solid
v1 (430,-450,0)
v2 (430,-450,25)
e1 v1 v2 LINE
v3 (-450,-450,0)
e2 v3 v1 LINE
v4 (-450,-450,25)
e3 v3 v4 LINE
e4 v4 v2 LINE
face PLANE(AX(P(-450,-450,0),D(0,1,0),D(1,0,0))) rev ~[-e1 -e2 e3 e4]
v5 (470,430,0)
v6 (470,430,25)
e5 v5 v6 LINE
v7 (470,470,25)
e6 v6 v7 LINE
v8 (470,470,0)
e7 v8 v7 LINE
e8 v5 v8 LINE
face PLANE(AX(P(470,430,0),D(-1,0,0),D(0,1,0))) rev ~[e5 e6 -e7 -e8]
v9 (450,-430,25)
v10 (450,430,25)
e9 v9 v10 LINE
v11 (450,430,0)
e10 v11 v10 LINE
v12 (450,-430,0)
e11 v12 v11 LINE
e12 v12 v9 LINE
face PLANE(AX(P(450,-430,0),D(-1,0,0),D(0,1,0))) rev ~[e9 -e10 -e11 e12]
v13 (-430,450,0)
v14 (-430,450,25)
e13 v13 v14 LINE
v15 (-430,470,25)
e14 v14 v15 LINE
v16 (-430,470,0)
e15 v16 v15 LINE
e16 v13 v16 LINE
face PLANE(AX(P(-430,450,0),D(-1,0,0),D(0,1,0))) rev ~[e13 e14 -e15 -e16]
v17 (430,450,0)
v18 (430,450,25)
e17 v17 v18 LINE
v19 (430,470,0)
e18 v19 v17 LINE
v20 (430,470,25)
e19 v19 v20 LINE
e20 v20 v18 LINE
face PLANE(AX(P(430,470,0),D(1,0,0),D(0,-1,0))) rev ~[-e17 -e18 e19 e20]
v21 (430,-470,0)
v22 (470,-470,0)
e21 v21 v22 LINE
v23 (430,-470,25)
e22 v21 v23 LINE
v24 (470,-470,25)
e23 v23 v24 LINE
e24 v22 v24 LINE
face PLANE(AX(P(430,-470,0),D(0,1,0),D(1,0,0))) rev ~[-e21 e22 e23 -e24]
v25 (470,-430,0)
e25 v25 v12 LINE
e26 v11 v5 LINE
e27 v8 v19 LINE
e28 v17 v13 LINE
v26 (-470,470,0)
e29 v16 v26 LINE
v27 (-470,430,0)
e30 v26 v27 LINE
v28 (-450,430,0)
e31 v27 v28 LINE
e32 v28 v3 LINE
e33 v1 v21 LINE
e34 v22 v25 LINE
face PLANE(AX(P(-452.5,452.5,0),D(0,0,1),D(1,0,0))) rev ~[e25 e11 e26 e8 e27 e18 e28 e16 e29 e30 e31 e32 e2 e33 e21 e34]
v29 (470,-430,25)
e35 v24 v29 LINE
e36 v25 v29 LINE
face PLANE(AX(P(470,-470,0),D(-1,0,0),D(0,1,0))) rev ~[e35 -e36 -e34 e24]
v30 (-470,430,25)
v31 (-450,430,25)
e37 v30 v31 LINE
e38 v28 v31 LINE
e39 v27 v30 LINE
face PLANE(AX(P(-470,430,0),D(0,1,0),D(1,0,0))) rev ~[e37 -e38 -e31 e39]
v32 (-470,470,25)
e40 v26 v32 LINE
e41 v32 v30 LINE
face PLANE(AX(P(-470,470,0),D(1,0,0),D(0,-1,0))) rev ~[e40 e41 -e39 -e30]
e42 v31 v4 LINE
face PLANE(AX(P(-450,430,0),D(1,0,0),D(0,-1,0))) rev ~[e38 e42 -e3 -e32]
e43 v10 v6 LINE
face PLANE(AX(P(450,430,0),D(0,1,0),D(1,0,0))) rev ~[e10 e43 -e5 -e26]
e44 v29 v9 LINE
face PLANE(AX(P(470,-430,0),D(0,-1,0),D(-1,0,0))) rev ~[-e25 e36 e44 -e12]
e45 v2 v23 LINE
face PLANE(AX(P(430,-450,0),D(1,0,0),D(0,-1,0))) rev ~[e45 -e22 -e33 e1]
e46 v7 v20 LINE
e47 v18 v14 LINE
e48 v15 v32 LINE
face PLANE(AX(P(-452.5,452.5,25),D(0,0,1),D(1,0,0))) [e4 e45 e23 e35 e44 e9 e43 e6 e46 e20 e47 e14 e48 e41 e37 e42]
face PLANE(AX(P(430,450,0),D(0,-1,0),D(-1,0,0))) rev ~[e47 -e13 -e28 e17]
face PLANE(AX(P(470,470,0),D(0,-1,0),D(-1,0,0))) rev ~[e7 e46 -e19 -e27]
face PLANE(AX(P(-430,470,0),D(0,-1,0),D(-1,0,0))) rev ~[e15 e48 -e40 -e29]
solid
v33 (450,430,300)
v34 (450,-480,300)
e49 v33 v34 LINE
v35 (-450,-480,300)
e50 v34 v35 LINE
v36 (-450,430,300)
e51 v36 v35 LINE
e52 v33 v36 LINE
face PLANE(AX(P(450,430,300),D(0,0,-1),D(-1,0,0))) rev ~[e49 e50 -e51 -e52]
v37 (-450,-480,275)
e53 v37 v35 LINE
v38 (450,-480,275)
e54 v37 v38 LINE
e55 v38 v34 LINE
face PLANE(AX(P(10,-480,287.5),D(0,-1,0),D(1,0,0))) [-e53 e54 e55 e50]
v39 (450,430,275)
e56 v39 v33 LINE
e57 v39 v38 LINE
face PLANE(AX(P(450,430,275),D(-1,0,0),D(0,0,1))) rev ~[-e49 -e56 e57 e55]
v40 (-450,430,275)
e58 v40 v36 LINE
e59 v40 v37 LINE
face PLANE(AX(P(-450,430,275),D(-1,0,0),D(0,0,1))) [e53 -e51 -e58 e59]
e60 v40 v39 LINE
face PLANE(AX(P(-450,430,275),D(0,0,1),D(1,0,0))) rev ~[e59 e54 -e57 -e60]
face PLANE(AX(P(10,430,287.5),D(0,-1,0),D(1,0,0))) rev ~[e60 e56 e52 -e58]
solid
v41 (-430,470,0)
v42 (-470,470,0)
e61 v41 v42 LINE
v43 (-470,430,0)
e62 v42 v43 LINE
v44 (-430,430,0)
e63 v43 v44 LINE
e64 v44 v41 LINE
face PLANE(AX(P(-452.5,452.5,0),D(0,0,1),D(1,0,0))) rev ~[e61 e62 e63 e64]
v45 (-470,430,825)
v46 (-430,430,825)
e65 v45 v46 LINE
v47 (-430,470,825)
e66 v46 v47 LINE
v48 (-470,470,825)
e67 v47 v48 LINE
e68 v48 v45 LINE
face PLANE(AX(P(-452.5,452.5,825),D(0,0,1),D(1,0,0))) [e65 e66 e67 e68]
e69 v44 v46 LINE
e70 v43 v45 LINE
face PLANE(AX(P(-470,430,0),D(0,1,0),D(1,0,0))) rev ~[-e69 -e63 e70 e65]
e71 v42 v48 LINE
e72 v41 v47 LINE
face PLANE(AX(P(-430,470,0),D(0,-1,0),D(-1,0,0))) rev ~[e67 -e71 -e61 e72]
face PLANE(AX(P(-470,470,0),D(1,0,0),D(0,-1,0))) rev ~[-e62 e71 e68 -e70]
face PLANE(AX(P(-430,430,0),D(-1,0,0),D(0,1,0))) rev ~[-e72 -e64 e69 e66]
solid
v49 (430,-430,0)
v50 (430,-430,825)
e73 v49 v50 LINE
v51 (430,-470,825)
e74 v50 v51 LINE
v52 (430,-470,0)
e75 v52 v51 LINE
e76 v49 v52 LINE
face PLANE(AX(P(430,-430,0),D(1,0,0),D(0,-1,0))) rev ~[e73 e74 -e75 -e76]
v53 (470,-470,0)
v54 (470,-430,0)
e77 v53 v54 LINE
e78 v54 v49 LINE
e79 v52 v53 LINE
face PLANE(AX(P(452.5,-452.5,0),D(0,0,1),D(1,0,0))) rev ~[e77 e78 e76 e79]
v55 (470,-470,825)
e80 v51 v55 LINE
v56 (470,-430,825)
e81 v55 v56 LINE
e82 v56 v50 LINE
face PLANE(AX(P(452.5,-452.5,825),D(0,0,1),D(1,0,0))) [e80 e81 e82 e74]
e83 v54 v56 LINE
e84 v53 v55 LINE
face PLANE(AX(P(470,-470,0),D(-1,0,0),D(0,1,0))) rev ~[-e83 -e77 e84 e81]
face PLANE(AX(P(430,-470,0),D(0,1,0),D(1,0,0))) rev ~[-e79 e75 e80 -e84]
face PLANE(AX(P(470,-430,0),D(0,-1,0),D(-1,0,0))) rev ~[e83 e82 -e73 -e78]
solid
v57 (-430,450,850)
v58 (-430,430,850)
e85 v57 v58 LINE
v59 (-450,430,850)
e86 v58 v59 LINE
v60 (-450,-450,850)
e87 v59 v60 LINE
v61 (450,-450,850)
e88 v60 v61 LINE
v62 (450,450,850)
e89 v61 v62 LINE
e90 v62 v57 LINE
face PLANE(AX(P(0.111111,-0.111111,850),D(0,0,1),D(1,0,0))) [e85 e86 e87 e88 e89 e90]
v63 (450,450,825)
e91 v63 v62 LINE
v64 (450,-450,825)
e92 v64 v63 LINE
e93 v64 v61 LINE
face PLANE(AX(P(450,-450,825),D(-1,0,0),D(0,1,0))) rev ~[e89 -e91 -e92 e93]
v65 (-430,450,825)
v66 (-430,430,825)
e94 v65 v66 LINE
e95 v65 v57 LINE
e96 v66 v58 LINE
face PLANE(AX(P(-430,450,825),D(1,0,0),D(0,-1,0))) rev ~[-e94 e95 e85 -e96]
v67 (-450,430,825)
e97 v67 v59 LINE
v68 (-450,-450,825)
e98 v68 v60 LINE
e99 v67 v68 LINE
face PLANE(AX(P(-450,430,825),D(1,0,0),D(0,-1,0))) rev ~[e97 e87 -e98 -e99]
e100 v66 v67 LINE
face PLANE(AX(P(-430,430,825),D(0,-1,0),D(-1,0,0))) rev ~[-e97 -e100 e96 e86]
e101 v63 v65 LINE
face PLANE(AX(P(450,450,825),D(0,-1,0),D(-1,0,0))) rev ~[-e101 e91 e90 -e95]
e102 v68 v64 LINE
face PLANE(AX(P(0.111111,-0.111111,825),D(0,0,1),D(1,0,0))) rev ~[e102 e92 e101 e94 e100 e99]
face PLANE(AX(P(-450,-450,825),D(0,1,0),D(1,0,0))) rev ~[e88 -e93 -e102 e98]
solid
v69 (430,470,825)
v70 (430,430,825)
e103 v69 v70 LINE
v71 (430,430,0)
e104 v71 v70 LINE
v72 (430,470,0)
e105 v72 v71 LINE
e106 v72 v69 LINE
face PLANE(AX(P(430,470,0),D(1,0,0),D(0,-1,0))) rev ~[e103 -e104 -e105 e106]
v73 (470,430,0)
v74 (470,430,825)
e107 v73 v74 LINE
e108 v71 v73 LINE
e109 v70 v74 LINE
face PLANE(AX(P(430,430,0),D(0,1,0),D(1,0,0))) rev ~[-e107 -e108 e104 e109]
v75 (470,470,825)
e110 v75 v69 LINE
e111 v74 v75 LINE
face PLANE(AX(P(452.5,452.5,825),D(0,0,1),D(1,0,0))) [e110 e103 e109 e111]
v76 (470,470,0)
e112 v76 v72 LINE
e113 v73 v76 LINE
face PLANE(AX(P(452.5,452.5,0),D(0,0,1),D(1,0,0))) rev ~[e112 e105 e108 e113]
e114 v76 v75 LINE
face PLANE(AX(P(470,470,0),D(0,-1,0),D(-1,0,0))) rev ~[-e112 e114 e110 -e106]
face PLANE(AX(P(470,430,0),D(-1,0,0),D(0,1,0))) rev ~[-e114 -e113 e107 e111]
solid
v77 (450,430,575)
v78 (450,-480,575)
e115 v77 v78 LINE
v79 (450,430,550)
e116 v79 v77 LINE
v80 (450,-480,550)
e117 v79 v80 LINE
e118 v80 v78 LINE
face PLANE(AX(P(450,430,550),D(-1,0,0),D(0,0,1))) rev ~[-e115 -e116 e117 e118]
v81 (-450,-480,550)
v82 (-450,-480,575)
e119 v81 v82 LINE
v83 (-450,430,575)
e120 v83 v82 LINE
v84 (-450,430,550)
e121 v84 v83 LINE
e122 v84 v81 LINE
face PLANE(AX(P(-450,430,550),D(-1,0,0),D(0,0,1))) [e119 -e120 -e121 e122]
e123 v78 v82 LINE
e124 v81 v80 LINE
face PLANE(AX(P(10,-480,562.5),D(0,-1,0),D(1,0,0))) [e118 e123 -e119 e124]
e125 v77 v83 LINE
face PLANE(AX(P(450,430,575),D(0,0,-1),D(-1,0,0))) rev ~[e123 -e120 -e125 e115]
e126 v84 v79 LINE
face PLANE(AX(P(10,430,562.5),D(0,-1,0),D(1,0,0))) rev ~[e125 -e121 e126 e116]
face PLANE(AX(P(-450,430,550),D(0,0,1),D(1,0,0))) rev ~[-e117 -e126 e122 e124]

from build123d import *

# Parameters (mm, degrees)
F0_W     = 20
F0_H     = 20
F1_DEPTH = 825
F2_DEPTH = 25
F4_DEPTH = 25
F5_W     = 880
F5_H     = 25
F5_W_2   = 20
F6_DEPTH = 910


with BuildPart() as f1:
    # F0 (on Top) → F1 (new body)
    with BuildSketch(Plane.XY):
        Polygon((430, 470), (430, 450), (450, 450), (450, 430), (470, 430), (470, 470), align=None)
        with Locations((440, 440)):
            Rectangle(F0_W, F0_H)
    extrude(amount=F1_DEPTH)


with BuildPart() as f1b:
    # F0 (on Top) → F1, piece 2 (new body)
    with BuildSketch(Plane.XY):
        Polygon((-450, 430), (-450, 450), (-430, 450), (-430, 470), (-470, 470), (-470, 430), align=None)
        with Locations((-440, 440)):
            Rectangle(F0_W, F0_H)
    extrude(amount=F1_DEPTH)


with BuildPart() as f1c:
    # F0 (on Top) → F1, piece 3 (new body)
    with BuildSketch(Plane.XY):
        Polygon((450, -450), (430, -450), (430, -470), (470, -470), (470, -430), (450, -430), align=None)
        with Locations((440, -440)):
            Rectangle(F0_W, F0_H)
    extrude(amount=F1_DEPTH)


with BuildPart() as f2:
    # F0 (on Top) → F2 (new body)
    with BuildSketch(Plane.XY):
        Polygon((-450, 430), (-450, 450), (-430, 450), (-430, 470), (-470, 470), (-470, 430), align=None)
        with Locations((-440, 440)):
            Rectangle(F0_W, F0_H)
        Polygon((430, 450), (-430, 450), (-430, 430), (-450, 430), (-450, -450), (430, -450), (430, -430), (450, -430), (450, 430), (430, 430), align=None)
        Polygon((430, 470), (430, 450), (450, 450), (450, 430), (470, 430), (470, 470), align=None)
        with Locations((440, 440)):
            Rectangle(F0_W, F0_H)
        with Locations((440, -440)):
            Rectangle(F0_W, F0_H)
        Polygon((450, -450), (430, -450), (430, -470), (470, -470), (470, -430), (450, -430), align=None)
    extrude(amount=F2_DEPTH)


with BuildPart() as f4:
    # F3 (on face) → F4 (new body)
    with BuildSketch(Plane.XY.offset(825)):
        Polygon((450, 450), (-430, 450), (-430, 430), (-450, 430), (-450, -450), (450, -450), align=None)
    extrude(amount=F4_DEPTH)


with BuildPart() as f6:
    # F5 (on face) → F6 (new body)
    with BuildSketch(Plane.XZ.offset(-430)):
        with Locations((10, 562.5)):
            Rectangle(F5_W, F5_H)
        with Locations((-440, 562.5)):
            Rectangle(F5_W_2, F5_H)
    extrude(amount=F6_DEPTH)


with BuildPart() as f6b:
    # F5 (on face) → F6, piece 2 (new body)
    with BuildSketch(Plane.XZ.offset(-430)):
        with Locations((10, 287.5)):
            Rectangle(F5_W, F5_H)
        with Locations((-440, 287.5)):
            Rectangle(F5_W_2, F5_H)
    extrude(amount=F6_DEPTH)


solid = Compound([f1.part, f1b.part, f1c.part, f2.part, f4.part, f6.part, f6b.part])
